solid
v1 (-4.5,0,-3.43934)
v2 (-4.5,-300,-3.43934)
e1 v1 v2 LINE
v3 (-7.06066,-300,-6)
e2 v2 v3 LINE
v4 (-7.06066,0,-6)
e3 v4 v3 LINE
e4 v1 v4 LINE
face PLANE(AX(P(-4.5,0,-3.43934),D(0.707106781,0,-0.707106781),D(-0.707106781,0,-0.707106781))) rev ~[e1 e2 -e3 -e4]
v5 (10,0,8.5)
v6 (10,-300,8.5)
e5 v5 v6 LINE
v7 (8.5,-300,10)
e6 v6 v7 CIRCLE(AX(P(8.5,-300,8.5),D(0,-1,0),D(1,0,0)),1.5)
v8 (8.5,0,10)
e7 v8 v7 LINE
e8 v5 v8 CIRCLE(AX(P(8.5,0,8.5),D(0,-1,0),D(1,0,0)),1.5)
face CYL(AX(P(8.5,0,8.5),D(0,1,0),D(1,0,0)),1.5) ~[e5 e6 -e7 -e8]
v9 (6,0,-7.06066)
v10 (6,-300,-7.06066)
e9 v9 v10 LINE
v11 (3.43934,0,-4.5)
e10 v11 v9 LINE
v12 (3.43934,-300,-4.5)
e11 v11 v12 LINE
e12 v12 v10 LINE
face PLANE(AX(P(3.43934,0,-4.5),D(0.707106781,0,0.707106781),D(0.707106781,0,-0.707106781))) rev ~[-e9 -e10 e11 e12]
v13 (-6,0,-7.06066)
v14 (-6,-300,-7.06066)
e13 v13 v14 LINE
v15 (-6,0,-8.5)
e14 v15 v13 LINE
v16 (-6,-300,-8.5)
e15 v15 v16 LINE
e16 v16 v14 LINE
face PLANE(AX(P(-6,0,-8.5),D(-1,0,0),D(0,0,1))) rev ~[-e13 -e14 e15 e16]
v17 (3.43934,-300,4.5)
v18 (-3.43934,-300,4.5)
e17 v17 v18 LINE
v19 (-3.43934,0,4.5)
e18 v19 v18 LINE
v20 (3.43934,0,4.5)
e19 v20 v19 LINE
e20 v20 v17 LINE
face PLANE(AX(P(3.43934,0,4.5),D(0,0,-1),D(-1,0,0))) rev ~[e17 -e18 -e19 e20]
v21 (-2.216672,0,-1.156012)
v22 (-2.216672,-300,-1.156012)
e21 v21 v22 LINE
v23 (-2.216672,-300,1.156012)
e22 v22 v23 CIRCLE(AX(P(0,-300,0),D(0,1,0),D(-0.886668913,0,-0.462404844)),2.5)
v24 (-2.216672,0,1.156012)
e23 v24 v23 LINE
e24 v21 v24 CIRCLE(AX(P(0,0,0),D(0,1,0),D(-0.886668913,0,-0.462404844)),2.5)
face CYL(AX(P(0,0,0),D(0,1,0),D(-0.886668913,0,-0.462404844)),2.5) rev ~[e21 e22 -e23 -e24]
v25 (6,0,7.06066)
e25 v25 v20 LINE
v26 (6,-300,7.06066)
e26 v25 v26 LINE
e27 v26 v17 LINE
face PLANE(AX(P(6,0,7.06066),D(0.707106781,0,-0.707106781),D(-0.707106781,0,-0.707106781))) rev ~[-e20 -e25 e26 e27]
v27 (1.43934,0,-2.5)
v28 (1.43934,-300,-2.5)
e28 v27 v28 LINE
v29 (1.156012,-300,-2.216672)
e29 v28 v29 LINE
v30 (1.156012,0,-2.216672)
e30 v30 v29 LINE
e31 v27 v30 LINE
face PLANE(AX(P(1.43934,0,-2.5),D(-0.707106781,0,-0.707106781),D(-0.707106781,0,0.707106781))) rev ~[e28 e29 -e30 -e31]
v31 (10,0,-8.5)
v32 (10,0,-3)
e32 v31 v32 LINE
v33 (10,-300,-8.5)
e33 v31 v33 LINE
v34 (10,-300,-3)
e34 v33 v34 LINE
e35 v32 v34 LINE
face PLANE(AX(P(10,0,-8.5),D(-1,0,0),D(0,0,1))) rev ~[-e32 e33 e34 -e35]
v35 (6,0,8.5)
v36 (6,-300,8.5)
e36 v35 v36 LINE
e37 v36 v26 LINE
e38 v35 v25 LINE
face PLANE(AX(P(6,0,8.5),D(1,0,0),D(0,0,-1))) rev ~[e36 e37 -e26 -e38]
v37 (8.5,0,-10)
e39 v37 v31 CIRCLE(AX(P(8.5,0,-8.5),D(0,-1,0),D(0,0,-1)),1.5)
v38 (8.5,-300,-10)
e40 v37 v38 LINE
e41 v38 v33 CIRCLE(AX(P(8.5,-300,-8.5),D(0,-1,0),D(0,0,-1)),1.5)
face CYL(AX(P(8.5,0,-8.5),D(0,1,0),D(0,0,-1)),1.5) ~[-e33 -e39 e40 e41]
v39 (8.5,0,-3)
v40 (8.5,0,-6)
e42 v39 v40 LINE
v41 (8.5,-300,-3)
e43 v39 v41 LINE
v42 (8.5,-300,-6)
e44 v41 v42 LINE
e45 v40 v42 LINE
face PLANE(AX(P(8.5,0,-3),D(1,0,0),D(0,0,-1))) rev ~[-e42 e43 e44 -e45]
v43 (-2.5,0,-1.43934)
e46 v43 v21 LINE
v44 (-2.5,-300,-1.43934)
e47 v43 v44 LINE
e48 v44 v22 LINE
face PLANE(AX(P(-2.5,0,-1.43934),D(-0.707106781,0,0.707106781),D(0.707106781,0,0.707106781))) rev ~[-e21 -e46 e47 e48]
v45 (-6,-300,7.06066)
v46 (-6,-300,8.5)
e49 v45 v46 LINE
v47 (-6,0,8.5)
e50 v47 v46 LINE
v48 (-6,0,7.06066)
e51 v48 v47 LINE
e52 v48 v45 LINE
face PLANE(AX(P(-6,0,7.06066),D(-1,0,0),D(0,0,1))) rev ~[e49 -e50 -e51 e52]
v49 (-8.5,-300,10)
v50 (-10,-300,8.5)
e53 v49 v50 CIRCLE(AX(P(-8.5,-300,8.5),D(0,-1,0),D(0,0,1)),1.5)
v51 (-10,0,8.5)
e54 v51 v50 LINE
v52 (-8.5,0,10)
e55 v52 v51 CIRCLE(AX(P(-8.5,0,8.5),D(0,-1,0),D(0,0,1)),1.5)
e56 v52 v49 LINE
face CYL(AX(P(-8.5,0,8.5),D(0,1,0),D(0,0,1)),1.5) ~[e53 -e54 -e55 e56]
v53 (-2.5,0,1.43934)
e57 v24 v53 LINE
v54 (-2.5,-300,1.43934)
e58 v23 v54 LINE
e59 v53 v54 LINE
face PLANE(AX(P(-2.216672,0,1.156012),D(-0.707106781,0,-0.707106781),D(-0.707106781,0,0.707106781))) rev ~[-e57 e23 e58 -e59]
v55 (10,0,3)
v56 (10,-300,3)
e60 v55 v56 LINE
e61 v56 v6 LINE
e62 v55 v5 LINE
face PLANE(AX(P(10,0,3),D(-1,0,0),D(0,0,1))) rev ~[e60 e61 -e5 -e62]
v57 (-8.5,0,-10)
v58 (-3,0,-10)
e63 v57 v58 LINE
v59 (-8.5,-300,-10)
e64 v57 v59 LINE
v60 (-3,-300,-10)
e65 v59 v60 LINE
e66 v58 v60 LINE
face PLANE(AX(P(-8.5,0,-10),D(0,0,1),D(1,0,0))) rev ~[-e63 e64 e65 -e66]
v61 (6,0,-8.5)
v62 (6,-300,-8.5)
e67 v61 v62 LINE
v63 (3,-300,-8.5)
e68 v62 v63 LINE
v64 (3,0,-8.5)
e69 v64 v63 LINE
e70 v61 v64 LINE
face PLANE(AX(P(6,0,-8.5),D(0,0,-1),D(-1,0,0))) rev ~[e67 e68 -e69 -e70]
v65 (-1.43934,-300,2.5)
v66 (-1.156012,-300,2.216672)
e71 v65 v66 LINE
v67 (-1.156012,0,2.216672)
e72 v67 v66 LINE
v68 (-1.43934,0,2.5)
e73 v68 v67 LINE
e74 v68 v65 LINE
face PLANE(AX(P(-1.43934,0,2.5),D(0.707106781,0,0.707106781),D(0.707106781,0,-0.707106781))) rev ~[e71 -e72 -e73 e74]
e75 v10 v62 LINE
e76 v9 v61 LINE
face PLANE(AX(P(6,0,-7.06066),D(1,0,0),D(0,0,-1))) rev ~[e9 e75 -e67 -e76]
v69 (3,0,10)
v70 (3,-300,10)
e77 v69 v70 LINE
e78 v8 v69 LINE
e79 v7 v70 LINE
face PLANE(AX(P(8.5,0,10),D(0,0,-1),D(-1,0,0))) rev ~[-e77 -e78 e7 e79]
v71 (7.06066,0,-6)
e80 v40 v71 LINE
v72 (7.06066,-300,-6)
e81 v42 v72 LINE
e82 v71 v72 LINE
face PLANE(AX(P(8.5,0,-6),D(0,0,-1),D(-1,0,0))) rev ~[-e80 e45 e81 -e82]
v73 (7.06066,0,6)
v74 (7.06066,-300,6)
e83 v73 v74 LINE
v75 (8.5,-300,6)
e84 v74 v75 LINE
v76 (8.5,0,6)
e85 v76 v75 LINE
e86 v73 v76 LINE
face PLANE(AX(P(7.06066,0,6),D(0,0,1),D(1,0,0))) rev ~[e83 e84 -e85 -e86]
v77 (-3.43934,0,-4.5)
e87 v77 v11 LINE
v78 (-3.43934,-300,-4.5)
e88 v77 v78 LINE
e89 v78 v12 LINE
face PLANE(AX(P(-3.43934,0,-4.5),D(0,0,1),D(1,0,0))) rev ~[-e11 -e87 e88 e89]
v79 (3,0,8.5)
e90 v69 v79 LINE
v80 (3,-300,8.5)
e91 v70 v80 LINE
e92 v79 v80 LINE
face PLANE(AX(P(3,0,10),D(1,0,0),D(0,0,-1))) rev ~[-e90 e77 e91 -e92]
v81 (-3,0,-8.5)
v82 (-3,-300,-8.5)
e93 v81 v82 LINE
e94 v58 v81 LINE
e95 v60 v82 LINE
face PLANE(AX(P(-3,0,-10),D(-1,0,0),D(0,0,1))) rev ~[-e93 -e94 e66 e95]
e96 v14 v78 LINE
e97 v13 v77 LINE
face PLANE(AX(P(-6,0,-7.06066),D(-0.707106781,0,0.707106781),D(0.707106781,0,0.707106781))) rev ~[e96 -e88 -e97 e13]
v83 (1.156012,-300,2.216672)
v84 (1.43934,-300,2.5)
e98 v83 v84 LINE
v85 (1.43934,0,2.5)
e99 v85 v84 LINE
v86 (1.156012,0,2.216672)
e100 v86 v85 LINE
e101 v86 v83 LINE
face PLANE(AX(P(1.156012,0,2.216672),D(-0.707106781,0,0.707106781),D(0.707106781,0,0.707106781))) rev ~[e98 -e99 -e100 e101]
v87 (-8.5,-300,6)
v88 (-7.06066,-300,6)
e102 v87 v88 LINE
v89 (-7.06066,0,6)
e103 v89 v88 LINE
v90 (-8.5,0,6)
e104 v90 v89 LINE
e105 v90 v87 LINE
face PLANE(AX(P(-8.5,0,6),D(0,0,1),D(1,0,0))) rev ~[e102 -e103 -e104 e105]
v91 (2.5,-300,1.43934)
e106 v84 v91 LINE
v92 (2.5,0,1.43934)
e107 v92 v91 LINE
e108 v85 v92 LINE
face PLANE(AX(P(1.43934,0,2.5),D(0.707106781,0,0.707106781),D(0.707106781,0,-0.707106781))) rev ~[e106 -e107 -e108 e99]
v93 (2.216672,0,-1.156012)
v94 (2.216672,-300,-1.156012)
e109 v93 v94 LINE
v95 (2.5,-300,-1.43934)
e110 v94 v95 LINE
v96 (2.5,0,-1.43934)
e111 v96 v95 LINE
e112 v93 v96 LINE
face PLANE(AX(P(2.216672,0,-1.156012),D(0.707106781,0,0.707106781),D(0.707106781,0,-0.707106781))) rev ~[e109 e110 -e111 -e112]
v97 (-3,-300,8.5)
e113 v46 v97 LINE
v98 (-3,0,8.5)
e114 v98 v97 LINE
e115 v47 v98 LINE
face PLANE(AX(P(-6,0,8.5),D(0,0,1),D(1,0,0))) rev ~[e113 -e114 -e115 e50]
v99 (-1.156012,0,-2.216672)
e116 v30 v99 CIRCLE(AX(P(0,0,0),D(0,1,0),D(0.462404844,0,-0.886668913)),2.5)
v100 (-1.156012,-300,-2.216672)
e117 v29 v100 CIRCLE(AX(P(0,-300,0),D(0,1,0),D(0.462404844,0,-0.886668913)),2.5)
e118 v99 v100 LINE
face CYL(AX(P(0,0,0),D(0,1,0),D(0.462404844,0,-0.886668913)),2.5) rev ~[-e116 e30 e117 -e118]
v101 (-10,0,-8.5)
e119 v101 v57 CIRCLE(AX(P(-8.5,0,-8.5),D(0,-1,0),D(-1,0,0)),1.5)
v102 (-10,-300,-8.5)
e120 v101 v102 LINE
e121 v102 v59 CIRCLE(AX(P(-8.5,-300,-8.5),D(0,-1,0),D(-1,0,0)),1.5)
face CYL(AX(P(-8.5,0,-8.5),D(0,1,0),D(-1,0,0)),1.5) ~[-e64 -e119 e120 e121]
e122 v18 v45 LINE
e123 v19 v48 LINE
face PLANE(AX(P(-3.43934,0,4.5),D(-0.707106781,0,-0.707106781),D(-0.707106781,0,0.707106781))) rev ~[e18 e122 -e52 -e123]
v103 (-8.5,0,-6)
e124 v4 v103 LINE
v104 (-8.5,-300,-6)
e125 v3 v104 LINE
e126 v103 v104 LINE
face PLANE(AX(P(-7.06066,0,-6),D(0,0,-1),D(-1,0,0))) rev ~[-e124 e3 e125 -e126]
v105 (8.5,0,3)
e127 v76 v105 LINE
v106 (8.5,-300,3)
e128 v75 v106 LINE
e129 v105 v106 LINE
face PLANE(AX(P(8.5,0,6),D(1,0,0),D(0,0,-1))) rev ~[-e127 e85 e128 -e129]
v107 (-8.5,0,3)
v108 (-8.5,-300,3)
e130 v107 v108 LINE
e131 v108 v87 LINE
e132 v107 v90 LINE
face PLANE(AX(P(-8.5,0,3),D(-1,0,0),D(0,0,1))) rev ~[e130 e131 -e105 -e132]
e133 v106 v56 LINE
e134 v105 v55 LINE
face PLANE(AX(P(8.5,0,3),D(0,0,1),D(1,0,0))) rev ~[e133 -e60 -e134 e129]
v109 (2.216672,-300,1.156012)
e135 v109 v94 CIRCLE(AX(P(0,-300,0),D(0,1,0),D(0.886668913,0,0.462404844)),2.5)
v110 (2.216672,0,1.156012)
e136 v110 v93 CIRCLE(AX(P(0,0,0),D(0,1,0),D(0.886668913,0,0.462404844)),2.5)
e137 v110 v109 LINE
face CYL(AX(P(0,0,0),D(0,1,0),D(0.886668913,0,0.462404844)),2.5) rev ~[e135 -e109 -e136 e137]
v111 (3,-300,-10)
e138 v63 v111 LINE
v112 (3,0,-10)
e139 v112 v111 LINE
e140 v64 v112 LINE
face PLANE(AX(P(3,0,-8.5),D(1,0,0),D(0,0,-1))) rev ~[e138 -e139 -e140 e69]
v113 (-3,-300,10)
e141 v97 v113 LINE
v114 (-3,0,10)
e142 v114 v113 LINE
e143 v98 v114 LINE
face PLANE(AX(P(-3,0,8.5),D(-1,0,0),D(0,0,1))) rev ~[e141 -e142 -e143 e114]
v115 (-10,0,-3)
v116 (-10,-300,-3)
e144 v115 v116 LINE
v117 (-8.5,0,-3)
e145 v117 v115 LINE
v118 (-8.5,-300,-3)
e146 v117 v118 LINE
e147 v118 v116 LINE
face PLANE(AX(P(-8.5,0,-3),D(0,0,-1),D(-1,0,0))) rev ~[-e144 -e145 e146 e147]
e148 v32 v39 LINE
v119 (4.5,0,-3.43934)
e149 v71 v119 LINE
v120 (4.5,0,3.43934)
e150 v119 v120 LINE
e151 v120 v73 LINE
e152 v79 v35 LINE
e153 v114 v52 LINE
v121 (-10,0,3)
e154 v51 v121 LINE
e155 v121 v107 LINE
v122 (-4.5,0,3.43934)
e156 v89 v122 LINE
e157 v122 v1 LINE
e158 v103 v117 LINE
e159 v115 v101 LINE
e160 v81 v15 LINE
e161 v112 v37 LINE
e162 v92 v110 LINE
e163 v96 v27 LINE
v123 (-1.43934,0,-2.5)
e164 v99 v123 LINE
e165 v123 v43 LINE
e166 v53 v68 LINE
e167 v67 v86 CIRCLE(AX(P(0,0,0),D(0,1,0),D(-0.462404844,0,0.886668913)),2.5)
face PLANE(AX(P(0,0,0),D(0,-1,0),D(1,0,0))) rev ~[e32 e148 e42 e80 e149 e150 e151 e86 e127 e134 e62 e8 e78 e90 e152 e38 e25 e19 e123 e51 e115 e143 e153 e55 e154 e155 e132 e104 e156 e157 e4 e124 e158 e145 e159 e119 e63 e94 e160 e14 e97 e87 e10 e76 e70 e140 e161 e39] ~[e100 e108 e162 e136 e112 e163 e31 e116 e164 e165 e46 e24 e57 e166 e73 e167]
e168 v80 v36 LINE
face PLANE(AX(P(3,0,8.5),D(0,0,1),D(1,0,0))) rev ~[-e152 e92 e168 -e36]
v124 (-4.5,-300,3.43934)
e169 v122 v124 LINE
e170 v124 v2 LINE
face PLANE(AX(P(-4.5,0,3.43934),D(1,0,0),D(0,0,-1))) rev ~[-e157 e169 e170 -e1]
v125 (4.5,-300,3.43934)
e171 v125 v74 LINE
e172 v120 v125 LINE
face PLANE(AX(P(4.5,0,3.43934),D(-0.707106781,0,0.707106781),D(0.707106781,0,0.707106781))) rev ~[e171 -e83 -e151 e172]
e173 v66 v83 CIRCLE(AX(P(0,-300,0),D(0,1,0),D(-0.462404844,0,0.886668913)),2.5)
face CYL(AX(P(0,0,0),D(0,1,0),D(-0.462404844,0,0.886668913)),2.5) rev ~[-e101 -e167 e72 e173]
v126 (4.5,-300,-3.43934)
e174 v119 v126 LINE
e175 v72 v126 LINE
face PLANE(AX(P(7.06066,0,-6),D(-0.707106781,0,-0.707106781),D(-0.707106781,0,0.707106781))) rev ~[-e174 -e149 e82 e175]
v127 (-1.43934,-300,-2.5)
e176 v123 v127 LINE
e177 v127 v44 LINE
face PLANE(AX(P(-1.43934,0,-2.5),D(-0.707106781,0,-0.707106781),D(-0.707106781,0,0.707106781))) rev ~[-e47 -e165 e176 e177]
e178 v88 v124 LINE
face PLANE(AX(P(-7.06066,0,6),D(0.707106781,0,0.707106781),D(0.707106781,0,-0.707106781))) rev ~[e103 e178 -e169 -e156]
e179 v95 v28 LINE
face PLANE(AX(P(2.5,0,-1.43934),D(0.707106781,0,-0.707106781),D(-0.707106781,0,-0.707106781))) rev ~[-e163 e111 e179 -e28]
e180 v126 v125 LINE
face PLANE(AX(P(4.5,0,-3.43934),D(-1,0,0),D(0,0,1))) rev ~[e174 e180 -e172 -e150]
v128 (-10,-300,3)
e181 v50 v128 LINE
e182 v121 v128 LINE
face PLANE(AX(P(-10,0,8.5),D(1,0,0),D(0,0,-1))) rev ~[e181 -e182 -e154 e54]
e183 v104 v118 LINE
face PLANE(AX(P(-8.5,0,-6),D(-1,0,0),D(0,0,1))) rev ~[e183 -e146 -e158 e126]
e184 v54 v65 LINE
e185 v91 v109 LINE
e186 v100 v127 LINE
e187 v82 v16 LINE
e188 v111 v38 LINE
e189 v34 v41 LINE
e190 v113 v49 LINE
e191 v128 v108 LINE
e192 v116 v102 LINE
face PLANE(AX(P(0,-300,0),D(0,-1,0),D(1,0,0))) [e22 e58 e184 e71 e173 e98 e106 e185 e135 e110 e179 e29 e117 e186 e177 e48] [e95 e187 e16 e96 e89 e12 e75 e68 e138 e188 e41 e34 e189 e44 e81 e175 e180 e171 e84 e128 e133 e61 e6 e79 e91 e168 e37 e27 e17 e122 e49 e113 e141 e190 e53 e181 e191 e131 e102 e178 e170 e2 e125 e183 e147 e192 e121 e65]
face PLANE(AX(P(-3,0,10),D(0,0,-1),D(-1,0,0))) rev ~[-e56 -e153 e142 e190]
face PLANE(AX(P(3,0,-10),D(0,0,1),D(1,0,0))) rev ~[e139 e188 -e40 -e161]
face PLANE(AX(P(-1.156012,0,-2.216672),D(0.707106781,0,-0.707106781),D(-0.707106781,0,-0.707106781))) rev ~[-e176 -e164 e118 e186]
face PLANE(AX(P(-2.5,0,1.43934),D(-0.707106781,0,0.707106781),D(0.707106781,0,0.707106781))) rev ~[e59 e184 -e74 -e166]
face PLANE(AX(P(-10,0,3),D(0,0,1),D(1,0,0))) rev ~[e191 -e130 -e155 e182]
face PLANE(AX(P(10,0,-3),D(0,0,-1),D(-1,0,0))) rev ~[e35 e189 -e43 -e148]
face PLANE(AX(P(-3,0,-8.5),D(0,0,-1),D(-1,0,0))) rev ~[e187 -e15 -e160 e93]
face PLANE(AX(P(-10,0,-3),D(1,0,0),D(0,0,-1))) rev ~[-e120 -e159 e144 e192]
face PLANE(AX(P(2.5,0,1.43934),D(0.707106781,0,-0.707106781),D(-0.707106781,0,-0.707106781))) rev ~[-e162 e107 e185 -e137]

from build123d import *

# Parameters (mm, degrees)
F1_DEPTH = 300


with BuildPart() as f1:
    # F0 (on Front) → F1 (new body)
    with BuildSketch(Plane.XZ):
        with BuildLine():
            Line((3, -10), (8.5, -10))
            ThreePointArc((8.5, -10), (9.5606601718, -9.5606601718), (10, -8.5))
            Line((10, -8.5), (10, -3))
            Line((10, -3), (8.5, -3))
            Line((8.5, -3), (8.5, -6))
            Line((8.5, -6), (7.0606601718, -6))
            Line((7.0606601718, -6), (4.5, -3.4393398282))
            Line((4.5, -3.4393398282), (4.5, 3.4393398282))
            Line((4.5, 3.4393398282), (7.0606601718, 6))
            Line((7.0606601718, 6), (8.5, 6))
            Line((8.5, 6), (8.5, 3))
            Line((8.5, 3), (10, 3))
            Line((10, 3), (10, 8.5))
            ThreePointArc((10, 8.5), (9.5606601718, 9.5606601718), (8.5, 10))
            Line((8.5, 10), (3, 10))
            Line((3, 10), (3, 8.5))
            Line((3, 8.5), (6, 8.5))
            Line((6, 8.5), (6, 7.0606601718))
            Line((6, 7.0606601718), (3.4393398282, 4.5))
            Line((3.4393398282, 4.5), (-3.4393398282, 4.5))
            Line((-3.4393398282, 4.5), (-6, 7.0606601718))
            Line((-6, 7.0606601718), (-6, 8.5))
            Line((-6, 8.5), (-3, 8.5))
            Line((-3, 8.5), (-3, 10))
            Line((-3, 10), (-8.5, 10))
            ThreePointArc((-8.5, 10), (-9.5606601718, 9.5606601718), (-10, 8.5))
            Line((-10, 8.5), (-10, 3))
            Line((-10, 3), (-8.5, 3))
            Line((-8.5, 3), (-8.5, 6))
            Line((-8.5, 6), (-7.0606601718, 6))
            Line((-7.0606601718, 6), (-4.5, 3.4393398282))
            Line((-4.5, 3.4393398282), (-4.5, -3.4393398282))
            Line((-4.5, -3.4393398282), (-7.0606601718, -6))
            Line((-7.0606601718, -6), (-8.5, -6))
            Line((-8.5, -6), (-8.5, -3))
            Line((-8.5, -3), (-10, -3))
            Line((-10, -3), (-10, -8.5))
            ThreePointArc((-10, -8.5), (-9.5606601718, -9.5606601718), (-8.5, -10))
            Line((-8.5, -10), (-3, -10))
            Line((-3, -10), (-3, -8.5))
            Line((-3, -8.5), (-6, -8.5))
            Line((-6, -8.5), (-6, -7.0606601718))
            Line((-6, -7.0606601718), (-3.4393398282, -4.5))
            Line((-3.4393398282, -4.5), (3.4393398282, -4.5))
            Line((3.4393398282, -4.5), (6, -7.0606601718))
            Line((6, -7.0606601718), (6, -8.5))
            Line((6, -8.5), (3, -8.5))
            Line((3, -8.5), (3, -10))
        make_face()
        with BuildLine():
            ThreePointArc((-1.1560121095, 2.2166722813), (0, 2.5), (1.1560121095, 2.2166722813))
            Line((1.1560121095, 2.2166722813), (1.4393398282, 2.5))
            Line((1.4393398282, 2.5), (2.5, 1.4393398282))
            Line((2.5, 1.4393398282), (2.2166722813, 1.1560121095))
            ThreePointArc((2.2166722813, 1.1560121095), (2.5, 0), (2.2166722813, -1.1560121095))
            Line((2.2166722813, -1.1560121095), (2.5, -1.4393398282))
            Line((2.5, -1.4393398282), (1.4393398282, -2.5))
            Line((1.4393398282, -2.5), (1.1560121095, -2.2166722813))
            ThreePointArc((1.1560121095, -2.2166722813), (0, -2.5), (-1.1560121095, -2.2166722813))
            Line((-1.1560121095, -2.2166722813), (-1.4393398282, -2.5))
            Line((-1.4393398282, -2.5), (-2.5, -1.4393398282))
            Line((-2.5, -1.4393398282), (-2.2166722813, -1.1560121095))
            ThreePointArc((-2.2166722813, -1.1560121095), (-2.5, 0), (-2.2166722813, 1.1560121095))
            Line((-2.2166722813, 1.1560121095), (-2.5, 1.4393398282))
            Line((-2.5, 1.4393398282), (-1.4393398282, 2.5))
            Line((-1.4393398282, 2.5), (-1.1560121095, 2.2166722813))
        make_face(mode=Mode.SUBTRACT)
    extrude(amount=F1_DEPTH)


solid = f1.part
